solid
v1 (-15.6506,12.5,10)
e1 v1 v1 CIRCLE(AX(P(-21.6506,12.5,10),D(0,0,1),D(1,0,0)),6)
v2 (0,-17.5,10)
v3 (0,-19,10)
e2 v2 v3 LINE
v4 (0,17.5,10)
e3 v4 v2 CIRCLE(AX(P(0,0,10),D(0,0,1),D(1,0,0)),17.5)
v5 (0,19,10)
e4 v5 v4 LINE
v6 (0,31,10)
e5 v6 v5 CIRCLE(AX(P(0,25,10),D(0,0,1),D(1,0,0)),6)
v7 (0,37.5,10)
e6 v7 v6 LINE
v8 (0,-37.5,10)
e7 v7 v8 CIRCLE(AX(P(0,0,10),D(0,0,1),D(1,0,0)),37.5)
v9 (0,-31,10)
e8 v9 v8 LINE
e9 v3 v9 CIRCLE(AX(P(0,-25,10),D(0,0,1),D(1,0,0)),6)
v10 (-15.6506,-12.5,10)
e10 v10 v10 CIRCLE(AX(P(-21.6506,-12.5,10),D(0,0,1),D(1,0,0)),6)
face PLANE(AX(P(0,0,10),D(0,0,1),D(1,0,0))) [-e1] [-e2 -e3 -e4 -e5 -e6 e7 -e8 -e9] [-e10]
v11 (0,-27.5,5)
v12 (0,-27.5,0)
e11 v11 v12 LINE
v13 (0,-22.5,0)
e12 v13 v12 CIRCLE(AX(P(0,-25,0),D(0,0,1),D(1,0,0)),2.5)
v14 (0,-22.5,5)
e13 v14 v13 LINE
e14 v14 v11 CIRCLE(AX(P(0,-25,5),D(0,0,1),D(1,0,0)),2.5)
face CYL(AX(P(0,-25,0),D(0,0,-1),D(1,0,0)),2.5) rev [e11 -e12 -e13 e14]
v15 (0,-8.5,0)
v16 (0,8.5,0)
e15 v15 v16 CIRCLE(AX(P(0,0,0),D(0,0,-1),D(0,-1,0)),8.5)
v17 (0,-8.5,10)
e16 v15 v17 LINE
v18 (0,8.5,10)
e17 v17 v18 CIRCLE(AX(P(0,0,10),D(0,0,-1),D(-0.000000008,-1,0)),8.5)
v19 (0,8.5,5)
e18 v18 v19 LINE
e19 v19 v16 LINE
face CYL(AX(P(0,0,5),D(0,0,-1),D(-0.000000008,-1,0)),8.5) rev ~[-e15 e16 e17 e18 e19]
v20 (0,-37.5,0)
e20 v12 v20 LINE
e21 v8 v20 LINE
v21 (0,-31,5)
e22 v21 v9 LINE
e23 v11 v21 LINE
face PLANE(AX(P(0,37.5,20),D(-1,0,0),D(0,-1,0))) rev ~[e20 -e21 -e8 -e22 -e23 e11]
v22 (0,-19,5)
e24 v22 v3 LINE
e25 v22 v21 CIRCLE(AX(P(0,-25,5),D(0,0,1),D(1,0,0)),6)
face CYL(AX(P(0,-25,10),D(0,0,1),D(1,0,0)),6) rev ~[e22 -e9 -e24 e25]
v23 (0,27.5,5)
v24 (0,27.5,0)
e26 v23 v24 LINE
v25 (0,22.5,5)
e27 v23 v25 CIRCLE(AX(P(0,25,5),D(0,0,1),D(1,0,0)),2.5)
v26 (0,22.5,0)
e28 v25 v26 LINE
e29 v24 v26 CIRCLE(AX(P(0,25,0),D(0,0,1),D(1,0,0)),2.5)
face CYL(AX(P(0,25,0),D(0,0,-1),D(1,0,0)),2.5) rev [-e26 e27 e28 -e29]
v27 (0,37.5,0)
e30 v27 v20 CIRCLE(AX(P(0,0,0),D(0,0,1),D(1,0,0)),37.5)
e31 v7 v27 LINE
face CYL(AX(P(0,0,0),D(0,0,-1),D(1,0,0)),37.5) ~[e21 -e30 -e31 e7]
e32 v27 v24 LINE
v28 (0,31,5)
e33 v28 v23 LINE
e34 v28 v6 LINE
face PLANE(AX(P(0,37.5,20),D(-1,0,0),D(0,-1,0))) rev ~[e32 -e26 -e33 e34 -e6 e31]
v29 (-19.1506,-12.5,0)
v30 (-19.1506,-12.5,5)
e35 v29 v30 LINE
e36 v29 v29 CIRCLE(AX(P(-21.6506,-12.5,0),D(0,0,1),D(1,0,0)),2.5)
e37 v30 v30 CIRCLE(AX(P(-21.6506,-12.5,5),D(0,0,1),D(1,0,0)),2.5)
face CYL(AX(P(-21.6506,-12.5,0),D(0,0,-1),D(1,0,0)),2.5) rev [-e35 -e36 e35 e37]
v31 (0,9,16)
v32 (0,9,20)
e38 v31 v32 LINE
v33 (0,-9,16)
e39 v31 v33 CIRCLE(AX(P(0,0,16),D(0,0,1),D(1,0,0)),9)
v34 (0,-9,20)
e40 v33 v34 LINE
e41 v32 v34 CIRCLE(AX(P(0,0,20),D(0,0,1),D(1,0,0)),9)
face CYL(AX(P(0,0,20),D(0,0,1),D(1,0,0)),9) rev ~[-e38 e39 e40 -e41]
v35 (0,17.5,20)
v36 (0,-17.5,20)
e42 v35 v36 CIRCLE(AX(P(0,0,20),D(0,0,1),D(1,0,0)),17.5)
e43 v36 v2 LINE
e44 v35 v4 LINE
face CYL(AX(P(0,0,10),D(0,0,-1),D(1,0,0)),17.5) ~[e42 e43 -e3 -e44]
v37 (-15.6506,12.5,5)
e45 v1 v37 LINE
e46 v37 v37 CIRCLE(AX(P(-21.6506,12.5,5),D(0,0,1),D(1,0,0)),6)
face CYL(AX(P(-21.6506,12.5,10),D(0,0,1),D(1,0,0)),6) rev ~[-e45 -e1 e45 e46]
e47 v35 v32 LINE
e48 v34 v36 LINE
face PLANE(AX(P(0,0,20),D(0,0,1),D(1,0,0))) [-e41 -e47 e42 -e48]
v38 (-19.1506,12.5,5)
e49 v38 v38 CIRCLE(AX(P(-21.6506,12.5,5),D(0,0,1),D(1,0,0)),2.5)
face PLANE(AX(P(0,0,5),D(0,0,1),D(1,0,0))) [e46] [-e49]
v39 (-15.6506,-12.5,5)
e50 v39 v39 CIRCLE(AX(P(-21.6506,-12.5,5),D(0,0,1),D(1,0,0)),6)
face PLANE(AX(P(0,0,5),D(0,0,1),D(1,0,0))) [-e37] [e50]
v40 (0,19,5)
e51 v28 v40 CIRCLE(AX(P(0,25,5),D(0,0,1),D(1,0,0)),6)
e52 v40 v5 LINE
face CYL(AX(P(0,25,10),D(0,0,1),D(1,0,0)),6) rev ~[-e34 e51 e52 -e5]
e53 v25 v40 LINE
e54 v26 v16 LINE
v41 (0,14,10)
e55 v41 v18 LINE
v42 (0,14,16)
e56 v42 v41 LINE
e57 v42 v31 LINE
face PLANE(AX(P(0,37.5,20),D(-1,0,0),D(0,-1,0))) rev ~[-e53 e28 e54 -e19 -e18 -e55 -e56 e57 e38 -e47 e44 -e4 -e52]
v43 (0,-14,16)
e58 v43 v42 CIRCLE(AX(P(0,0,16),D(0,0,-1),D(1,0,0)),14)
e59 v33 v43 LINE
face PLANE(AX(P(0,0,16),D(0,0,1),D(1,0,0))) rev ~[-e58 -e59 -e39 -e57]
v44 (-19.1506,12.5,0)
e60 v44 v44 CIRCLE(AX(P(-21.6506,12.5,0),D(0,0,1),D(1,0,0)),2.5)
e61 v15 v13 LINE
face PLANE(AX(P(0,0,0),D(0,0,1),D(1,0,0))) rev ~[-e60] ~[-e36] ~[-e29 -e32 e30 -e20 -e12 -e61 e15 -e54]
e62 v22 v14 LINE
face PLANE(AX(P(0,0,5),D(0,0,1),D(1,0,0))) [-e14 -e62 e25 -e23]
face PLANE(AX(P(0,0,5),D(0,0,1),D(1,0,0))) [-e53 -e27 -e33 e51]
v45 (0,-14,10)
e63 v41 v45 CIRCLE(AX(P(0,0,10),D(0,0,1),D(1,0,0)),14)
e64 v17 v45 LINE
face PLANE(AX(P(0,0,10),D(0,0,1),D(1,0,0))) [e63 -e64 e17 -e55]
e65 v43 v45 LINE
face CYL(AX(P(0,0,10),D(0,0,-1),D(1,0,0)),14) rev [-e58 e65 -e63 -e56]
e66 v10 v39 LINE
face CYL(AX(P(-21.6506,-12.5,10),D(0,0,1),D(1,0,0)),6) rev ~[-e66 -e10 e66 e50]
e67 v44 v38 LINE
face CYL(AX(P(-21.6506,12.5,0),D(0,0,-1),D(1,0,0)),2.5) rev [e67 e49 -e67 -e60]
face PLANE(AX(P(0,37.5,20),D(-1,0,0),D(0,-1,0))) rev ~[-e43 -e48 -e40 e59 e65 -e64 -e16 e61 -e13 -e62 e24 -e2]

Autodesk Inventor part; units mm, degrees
ref_plane "YZ Plane" through (0, 0, 0) normal (1, 0, 0) x (0, 1, 0)
ref_plane "XZ Plane" through (0, 0, 0) normal (0, 1, 0) x (-1, 0, 0)
ref_plane "XY Plane" through (0, 0, 0) normal (0, 0, 1) x (1, 0, 0)
sketch "Sketch1" plane through (0, 0, 0) normal (0, 0, 1) x (1, 0, 0)
  circle A0 centre (0, 0) radius 37.5
  circle A1 centre (0, 25) radius 2.5
  circle A2 centre (0, 0) radius 25 construction
  circle A3 centre (-21.6506, 12.5) radius 2.5
  circle A4 centre (-21.6506, -12.5) radius 2.5
  circle A5 centre (0, -25) radius 2.5
  circle A6 centre (21.6506, -12.5) radius 2.5
  circle A7 centre (21.6506, 12.5) radius 2.5
  circle A8 centre (0, 0) radius 2.5
  dimension "d2" = 50
  dimension "d0" = 75
  dimension "d1" = 5
  dimension "d5" = 360
  dimension "d7" = 5
extrude "Extrusion1" add sketch "Sketch1" along normal blind 10
sketch "Sketch4" plane through (0, 0, 10) normal (0, 0, 1) x (1, 0, 0)
  circle A0 centre (0, 0) radius 2.5 projected
  circle A1 centre (21.6506, 12.5) radius 2.5 projected
  circle A2 centre (21.6506, -12.5) radius 2.5 projected
  circle A3 centre (0, -25) radius 2.5 projected
  circle A4 centre (-21.6506, -12.5) radius 2.5 projected
  circle A5 centre (-21.6506, 12.5) radius 2.5 projected
  circle A6 centre (0, 25) radius 2.5 projected
  circle A7 centre (0, 0) radius 37.5 projected
  circle A8 centre (0, 25) radius 6
  circle A9 centre (-21.6506, 12.5) radius 6
  circle A10 centre (-21.6506, -12.5) radius 6
  circle A11 centre (0, -25) radius 6
  circle A12 centre (21.6506, -12.5) radius 6
  circle A13 centre (21.6506, 12.5) radius 6
  dimension "d17" = 12
  dimension "d20" = 360
extrude "Extrusion4" cut sketch "Sketch4" against normal blind 5 contours A8 | A9 | A10 | A11 | A12 | A13
sketch "Sketch5" plane through (0, 0, 0) normal (0, 0, -1) x (-1, 0, 0)
  circle A0 centre (0, 0) radius 2.5 projected
  circle A1 centre (0, 0) radius 8.5
  dimension "d24" = 17
extrude "Extrusion5" cut sketch "Sketch5" against normal blind 5
sketch "Sketch6" plane through (0, 0, 10) normal (0, 0, 1) x (1, 0, 0)
  circle A0 centre (0, 0) radius 2.5 projected
  circle A1 centre (0, 0) radius 14
  circle A2 centre (0, 0) radius 17.5
  dimension "d35" = 35
  dimension "d36" = 28
extrude "Extrusion6" add sketch "Sketch6" along normal blind 10 contours A2
sketch "Sketch7" plane through (0, 0, 20) normal (0, 0, 1) x (1, 0, 0)
  circle A0 centre (0, 0) radius 9
  circle A1 centre (0, 0) radius 2.5
  circle A2 centre (0, 0) radius 17.5
  circle A3 centre (0, 0) radius 17.5 projected
  dimension "d40" = 18
extrude "Extrusion7" add sketch "Sketch7" against normal blind 4 contours A2
sketch "Sketch8" plane through (0, 0, 20) normal (0, 0, 1) x (1, 0, 0)
  circle A0 centre (0, 0) radius 37.5 projected
  line L0 (0, -37.5) -> (37.5, -37.5)
  line L1 (37.5, -37.5) -> (37.5, 37.5)
  line L2 (37.5, 37.5) -> (0, 37.5)
  line L3 (0, 37.5) -> (0, -37.5)
  point P0 (37.5, 0)
extrude "Extrusion8" cut sketch "Sketch8" against normal through all contours A0 L3 | L1 L0 A0 | A0 L2 L1 picked at (9.7729, 7.7936)
sketch "Sketch9" plane through (0, 0, 5) normal (0, 0, -1) x (-1, 0, 0)
  arc A0 (0, 14) -> (0, -14) centre (0, 0) ccw projected
  circle A1 centre (0, 0) radius 8.5 construction
  arc A2 (0, -14) -> (0, 14) centre (0, 0) ccw projected
  line L0 (0, 14) -> (-0.0015, 8.5)
  line L1 (0, -14) -> (0, -8.5)
  line L2 (0, -9) -> (0, -14) projected
  arc A3 (0, -8.5) -> (-0.0015, 8.5) centre (0, 0) ccw
  line L3 (0, 8.5) -> (0, 2.5) projected
  dimension "d39" = 17
extrude "Extrusion9" cut sketch "Sketch9" against normal blind 5 contours L0 A3 L1 A0
properties part number "BA008" material "ABS Plastic"
